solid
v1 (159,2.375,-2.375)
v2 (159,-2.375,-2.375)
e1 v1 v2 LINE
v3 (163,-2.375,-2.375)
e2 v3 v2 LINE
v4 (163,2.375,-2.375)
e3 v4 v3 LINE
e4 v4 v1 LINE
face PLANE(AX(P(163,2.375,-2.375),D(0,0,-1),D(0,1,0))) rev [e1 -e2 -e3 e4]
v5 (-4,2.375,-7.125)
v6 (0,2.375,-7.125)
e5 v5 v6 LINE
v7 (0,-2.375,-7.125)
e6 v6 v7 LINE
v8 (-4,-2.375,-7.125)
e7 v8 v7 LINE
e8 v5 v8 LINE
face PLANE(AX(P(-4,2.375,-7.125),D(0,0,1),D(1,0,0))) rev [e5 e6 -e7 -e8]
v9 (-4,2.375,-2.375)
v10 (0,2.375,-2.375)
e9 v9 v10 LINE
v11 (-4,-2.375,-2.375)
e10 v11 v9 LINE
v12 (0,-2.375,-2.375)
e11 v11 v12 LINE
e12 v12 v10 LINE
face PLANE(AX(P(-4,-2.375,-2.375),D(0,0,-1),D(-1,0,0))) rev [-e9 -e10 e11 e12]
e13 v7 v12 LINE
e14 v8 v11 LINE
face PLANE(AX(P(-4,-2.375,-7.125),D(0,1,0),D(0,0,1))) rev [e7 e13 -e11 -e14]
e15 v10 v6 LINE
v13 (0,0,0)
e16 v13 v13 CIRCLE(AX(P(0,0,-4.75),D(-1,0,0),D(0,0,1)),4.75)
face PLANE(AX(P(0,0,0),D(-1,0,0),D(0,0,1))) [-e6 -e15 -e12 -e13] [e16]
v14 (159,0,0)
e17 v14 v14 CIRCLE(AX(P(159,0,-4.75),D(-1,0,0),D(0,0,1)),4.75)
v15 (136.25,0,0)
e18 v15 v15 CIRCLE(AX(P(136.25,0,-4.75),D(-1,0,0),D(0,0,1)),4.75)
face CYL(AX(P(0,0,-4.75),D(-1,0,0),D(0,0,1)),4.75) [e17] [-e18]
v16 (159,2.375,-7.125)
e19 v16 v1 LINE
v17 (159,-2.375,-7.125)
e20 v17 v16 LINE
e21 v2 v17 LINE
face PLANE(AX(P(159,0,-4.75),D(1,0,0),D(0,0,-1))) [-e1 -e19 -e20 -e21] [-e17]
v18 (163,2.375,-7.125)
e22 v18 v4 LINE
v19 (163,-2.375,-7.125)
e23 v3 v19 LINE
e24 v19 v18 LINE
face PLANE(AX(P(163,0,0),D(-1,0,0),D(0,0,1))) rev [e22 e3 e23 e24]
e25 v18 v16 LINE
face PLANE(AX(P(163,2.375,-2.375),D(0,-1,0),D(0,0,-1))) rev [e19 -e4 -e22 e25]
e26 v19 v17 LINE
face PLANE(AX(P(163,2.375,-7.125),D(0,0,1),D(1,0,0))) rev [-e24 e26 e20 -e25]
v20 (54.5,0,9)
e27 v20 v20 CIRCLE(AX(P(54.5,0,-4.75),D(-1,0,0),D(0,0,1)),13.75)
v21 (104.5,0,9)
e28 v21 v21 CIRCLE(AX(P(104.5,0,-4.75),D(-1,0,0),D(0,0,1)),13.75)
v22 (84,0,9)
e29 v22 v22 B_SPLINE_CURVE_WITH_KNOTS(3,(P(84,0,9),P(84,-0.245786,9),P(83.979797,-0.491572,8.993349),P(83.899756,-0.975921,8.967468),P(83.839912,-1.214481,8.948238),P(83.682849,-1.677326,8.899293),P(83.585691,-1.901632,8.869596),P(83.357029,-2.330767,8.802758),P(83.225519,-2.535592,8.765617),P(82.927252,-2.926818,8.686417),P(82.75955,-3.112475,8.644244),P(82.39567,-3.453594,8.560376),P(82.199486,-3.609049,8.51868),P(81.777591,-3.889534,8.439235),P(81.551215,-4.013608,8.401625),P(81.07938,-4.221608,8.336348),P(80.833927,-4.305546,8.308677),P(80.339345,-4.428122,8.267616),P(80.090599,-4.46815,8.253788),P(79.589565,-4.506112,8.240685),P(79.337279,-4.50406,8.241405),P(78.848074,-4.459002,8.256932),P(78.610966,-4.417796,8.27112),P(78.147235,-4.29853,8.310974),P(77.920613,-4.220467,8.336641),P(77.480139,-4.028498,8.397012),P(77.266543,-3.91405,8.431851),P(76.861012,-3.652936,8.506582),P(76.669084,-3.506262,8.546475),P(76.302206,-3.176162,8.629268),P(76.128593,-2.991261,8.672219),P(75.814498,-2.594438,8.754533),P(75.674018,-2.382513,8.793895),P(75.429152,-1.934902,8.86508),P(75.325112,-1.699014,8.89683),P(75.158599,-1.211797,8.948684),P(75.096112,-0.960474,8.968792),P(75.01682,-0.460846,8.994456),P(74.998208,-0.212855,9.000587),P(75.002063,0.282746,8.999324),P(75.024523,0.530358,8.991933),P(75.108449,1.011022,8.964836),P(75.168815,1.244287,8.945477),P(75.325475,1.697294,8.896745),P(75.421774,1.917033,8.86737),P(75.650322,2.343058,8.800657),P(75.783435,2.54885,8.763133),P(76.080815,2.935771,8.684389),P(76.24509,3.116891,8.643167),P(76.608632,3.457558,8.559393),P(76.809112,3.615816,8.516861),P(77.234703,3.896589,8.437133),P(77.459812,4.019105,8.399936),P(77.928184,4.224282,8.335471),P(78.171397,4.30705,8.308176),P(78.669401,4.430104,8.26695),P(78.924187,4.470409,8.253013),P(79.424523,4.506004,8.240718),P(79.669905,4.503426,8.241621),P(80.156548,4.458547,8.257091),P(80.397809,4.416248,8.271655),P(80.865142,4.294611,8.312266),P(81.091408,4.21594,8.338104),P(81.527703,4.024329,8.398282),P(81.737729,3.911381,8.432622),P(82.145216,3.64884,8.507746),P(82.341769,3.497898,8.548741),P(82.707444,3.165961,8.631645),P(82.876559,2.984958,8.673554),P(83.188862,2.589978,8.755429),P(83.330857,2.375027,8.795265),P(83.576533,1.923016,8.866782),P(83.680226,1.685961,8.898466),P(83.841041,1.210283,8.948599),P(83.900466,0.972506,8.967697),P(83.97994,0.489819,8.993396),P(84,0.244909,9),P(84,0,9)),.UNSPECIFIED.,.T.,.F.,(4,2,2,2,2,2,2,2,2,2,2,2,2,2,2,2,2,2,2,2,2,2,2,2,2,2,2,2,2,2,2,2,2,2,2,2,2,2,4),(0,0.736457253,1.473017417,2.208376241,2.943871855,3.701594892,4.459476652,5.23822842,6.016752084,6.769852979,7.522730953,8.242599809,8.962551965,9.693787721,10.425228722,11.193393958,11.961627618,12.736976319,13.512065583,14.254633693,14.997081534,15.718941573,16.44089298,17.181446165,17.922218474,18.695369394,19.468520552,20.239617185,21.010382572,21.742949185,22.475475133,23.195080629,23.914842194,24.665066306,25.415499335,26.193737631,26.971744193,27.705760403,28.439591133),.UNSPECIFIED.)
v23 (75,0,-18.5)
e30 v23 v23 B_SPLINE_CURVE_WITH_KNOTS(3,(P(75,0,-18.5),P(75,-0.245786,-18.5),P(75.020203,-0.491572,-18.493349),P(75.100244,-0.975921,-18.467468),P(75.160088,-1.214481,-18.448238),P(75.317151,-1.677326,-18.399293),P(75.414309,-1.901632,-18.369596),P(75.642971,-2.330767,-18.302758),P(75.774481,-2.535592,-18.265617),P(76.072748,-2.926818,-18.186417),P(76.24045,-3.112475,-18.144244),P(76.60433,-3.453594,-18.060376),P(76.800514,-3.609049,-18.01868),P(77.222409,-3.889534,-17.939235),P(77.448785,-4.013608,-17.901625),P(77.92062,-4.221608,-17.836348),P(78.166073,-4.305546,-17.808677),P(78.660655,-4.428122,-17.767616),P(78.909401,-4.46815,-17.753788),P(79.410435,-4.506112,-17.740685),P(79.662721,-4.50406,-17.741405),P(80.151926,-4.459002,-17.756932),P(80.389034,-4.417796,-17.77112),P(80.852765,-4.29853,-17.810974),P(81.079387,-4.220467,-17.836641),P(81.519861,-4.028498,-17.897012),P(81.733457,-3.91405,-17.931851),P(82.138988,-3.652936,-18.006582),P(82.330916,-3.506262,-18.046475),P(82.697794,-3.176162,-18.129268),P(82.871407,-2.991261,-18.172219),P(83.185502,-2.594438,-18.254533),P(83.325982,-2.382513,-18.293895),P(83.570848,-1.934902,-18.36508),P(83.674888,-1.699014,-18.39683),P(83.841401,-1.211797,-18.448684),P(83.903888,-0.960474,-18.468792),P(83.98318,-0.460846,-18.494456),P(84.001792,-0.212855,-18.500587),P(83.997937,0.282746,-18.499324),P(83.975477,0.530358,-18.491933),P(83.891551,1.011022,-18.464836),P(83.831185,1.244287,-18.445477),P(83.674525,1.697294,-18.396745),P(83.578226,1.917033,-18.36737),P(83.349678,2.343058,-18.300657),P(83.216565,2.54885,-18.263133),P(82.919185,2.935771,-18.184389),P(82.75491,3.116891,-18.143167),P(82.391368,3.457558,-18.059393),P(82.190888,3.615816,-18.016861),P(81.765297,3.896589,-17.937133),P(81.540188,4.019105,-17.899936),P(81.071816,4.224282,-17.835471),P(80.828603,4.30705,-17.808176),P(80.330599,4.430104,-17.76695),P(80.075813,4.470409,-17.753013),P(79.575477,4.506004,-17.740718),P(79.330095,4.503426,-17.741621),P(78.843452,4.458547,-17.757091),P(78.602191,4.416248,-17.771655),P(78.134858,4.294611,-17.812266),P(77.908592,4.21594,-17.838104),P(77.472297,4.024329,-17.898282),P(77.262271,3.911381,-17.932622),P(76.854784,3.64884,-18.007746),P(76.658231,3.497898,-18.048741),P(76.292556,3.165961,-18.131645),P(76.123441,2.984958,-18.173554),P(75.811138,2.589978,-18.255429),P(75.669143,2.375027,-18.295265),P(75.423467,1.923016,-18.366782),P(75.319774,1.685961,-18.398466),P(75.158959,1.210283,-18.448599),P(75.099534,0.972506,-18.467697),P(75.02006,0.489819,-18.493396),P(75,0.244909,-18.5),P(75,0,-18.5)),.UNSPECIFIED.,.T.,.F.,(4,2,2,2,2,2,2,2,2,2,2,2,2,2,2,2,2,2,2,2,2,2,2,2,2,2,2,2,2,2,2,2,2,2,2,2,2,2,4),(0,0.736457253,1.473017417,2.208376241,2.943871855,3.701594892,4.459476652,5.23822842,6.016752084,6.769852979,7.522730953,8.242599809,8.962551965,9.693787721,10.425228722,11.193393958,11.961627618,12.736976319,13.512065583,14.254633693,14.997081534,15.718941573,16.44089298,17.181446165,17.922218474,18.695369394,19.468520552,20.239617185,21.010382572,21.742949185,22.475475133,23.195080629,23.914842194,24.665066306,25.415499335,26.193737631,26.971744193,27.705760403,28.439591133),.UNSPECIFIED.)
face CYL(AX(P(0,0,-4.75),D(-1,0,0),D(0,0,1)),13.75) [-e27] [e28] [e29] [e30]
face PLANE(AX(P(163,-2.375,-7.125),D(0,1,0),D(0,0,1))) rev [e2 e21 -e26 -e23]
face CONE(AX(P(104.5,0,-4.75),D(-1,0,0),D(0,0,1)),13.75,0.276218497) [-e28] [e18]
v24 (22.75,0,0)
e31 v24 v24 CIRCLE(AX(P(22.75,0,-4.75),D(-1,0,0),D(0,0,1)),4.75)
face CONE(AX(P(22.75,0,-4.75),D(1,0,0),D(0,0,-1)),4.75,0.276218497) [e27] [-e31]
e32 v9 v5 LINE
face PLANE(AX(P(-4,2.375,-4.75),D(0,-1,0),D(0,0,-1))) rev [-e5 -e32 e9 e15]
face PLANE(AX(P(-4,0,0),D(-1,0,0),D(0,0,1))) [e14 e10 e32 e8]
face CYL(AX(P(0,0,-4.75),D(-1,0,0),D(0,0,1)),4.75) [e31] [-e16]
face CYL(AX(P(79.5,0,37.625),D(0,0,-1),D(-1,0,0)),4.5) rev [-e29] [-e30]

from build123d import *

# Parameters (mm, degrees)
ESQUISSE5_W                  = 4.75
ESQUISSE5_H                  = 4.75
BOSS_EXTRU_3_DEPTH           = 4
BOSS_EXTRU_4_DEPTH           = 4
ENL_V_MAT_EXTRU_1_DEPTH      = 40
ENL_V_MAT_EXTRU_1_DEPTH_BACK = 30
ESQUISSE7_R                  = 4.5


with BuildPart() as part:
    # Esquisse1 → Révolution1 (revolve)
    with BuildSketch(Plane(origin=(0, 0, 0), x_dir=(1, 0, 0), z_dir=(0, 1, 0))):
        Polygon((0, 0), (0, 4.75), (159, 4.75), (159, 0), (136.25, 0), (104.5, -9), (54.5, -9), (22.75, 0), align=None)
    revolve(axis=Axis((0, 0, -4.75), (1, 0, 0)))

    # Esquisse5 → Boss.-Extru.3 (add)
    with BuildSketch(Plane(origin=(159, 0, 0), x_dir=(0, 0, -1), z_dir=(1, 0, 0))):
        with Locations((4.75, 0)):
            Rectangle(ESQUISSE5_W, ESQUISSE5_H)
    extrude(amount=BOSS_EXTRU_3_DEPTH)

    # Esquisse6 → Boss.-Extru.4 (add)
    with BuildSketch(Plane.ZY):
        Polygon((-4.75, 2.375), (-7.125, 2.375), (-7.125, -2.375), (-2.375, -2.375), (-2.375, 2.375), align=None)
    extrude(amount=BOSS_EXTRU_4_DEPTH)

    # Esquisse7 → Enlèv. mat.-Extru.1 (cut, two sides: drawn at the far end of the back side and taken through both)
    with BuildSketch(Plane.XY.offset(-2.375).offset(-ENL_V_MAT_EXTRU_1_DEPTH_BACK)):
        with Locations(Location((79.5, 0, 0), (0, 0, 179.999999999))):
            Circle(ESQUISSE7_R)
    extrude(amount=ENL_V_MAT_EXTRU_1_DEPTH + ENL_V_MAT_EXTRU_1_DEPTH_BACK, mode=Mode.SUBTRACT)


solid = part.part
